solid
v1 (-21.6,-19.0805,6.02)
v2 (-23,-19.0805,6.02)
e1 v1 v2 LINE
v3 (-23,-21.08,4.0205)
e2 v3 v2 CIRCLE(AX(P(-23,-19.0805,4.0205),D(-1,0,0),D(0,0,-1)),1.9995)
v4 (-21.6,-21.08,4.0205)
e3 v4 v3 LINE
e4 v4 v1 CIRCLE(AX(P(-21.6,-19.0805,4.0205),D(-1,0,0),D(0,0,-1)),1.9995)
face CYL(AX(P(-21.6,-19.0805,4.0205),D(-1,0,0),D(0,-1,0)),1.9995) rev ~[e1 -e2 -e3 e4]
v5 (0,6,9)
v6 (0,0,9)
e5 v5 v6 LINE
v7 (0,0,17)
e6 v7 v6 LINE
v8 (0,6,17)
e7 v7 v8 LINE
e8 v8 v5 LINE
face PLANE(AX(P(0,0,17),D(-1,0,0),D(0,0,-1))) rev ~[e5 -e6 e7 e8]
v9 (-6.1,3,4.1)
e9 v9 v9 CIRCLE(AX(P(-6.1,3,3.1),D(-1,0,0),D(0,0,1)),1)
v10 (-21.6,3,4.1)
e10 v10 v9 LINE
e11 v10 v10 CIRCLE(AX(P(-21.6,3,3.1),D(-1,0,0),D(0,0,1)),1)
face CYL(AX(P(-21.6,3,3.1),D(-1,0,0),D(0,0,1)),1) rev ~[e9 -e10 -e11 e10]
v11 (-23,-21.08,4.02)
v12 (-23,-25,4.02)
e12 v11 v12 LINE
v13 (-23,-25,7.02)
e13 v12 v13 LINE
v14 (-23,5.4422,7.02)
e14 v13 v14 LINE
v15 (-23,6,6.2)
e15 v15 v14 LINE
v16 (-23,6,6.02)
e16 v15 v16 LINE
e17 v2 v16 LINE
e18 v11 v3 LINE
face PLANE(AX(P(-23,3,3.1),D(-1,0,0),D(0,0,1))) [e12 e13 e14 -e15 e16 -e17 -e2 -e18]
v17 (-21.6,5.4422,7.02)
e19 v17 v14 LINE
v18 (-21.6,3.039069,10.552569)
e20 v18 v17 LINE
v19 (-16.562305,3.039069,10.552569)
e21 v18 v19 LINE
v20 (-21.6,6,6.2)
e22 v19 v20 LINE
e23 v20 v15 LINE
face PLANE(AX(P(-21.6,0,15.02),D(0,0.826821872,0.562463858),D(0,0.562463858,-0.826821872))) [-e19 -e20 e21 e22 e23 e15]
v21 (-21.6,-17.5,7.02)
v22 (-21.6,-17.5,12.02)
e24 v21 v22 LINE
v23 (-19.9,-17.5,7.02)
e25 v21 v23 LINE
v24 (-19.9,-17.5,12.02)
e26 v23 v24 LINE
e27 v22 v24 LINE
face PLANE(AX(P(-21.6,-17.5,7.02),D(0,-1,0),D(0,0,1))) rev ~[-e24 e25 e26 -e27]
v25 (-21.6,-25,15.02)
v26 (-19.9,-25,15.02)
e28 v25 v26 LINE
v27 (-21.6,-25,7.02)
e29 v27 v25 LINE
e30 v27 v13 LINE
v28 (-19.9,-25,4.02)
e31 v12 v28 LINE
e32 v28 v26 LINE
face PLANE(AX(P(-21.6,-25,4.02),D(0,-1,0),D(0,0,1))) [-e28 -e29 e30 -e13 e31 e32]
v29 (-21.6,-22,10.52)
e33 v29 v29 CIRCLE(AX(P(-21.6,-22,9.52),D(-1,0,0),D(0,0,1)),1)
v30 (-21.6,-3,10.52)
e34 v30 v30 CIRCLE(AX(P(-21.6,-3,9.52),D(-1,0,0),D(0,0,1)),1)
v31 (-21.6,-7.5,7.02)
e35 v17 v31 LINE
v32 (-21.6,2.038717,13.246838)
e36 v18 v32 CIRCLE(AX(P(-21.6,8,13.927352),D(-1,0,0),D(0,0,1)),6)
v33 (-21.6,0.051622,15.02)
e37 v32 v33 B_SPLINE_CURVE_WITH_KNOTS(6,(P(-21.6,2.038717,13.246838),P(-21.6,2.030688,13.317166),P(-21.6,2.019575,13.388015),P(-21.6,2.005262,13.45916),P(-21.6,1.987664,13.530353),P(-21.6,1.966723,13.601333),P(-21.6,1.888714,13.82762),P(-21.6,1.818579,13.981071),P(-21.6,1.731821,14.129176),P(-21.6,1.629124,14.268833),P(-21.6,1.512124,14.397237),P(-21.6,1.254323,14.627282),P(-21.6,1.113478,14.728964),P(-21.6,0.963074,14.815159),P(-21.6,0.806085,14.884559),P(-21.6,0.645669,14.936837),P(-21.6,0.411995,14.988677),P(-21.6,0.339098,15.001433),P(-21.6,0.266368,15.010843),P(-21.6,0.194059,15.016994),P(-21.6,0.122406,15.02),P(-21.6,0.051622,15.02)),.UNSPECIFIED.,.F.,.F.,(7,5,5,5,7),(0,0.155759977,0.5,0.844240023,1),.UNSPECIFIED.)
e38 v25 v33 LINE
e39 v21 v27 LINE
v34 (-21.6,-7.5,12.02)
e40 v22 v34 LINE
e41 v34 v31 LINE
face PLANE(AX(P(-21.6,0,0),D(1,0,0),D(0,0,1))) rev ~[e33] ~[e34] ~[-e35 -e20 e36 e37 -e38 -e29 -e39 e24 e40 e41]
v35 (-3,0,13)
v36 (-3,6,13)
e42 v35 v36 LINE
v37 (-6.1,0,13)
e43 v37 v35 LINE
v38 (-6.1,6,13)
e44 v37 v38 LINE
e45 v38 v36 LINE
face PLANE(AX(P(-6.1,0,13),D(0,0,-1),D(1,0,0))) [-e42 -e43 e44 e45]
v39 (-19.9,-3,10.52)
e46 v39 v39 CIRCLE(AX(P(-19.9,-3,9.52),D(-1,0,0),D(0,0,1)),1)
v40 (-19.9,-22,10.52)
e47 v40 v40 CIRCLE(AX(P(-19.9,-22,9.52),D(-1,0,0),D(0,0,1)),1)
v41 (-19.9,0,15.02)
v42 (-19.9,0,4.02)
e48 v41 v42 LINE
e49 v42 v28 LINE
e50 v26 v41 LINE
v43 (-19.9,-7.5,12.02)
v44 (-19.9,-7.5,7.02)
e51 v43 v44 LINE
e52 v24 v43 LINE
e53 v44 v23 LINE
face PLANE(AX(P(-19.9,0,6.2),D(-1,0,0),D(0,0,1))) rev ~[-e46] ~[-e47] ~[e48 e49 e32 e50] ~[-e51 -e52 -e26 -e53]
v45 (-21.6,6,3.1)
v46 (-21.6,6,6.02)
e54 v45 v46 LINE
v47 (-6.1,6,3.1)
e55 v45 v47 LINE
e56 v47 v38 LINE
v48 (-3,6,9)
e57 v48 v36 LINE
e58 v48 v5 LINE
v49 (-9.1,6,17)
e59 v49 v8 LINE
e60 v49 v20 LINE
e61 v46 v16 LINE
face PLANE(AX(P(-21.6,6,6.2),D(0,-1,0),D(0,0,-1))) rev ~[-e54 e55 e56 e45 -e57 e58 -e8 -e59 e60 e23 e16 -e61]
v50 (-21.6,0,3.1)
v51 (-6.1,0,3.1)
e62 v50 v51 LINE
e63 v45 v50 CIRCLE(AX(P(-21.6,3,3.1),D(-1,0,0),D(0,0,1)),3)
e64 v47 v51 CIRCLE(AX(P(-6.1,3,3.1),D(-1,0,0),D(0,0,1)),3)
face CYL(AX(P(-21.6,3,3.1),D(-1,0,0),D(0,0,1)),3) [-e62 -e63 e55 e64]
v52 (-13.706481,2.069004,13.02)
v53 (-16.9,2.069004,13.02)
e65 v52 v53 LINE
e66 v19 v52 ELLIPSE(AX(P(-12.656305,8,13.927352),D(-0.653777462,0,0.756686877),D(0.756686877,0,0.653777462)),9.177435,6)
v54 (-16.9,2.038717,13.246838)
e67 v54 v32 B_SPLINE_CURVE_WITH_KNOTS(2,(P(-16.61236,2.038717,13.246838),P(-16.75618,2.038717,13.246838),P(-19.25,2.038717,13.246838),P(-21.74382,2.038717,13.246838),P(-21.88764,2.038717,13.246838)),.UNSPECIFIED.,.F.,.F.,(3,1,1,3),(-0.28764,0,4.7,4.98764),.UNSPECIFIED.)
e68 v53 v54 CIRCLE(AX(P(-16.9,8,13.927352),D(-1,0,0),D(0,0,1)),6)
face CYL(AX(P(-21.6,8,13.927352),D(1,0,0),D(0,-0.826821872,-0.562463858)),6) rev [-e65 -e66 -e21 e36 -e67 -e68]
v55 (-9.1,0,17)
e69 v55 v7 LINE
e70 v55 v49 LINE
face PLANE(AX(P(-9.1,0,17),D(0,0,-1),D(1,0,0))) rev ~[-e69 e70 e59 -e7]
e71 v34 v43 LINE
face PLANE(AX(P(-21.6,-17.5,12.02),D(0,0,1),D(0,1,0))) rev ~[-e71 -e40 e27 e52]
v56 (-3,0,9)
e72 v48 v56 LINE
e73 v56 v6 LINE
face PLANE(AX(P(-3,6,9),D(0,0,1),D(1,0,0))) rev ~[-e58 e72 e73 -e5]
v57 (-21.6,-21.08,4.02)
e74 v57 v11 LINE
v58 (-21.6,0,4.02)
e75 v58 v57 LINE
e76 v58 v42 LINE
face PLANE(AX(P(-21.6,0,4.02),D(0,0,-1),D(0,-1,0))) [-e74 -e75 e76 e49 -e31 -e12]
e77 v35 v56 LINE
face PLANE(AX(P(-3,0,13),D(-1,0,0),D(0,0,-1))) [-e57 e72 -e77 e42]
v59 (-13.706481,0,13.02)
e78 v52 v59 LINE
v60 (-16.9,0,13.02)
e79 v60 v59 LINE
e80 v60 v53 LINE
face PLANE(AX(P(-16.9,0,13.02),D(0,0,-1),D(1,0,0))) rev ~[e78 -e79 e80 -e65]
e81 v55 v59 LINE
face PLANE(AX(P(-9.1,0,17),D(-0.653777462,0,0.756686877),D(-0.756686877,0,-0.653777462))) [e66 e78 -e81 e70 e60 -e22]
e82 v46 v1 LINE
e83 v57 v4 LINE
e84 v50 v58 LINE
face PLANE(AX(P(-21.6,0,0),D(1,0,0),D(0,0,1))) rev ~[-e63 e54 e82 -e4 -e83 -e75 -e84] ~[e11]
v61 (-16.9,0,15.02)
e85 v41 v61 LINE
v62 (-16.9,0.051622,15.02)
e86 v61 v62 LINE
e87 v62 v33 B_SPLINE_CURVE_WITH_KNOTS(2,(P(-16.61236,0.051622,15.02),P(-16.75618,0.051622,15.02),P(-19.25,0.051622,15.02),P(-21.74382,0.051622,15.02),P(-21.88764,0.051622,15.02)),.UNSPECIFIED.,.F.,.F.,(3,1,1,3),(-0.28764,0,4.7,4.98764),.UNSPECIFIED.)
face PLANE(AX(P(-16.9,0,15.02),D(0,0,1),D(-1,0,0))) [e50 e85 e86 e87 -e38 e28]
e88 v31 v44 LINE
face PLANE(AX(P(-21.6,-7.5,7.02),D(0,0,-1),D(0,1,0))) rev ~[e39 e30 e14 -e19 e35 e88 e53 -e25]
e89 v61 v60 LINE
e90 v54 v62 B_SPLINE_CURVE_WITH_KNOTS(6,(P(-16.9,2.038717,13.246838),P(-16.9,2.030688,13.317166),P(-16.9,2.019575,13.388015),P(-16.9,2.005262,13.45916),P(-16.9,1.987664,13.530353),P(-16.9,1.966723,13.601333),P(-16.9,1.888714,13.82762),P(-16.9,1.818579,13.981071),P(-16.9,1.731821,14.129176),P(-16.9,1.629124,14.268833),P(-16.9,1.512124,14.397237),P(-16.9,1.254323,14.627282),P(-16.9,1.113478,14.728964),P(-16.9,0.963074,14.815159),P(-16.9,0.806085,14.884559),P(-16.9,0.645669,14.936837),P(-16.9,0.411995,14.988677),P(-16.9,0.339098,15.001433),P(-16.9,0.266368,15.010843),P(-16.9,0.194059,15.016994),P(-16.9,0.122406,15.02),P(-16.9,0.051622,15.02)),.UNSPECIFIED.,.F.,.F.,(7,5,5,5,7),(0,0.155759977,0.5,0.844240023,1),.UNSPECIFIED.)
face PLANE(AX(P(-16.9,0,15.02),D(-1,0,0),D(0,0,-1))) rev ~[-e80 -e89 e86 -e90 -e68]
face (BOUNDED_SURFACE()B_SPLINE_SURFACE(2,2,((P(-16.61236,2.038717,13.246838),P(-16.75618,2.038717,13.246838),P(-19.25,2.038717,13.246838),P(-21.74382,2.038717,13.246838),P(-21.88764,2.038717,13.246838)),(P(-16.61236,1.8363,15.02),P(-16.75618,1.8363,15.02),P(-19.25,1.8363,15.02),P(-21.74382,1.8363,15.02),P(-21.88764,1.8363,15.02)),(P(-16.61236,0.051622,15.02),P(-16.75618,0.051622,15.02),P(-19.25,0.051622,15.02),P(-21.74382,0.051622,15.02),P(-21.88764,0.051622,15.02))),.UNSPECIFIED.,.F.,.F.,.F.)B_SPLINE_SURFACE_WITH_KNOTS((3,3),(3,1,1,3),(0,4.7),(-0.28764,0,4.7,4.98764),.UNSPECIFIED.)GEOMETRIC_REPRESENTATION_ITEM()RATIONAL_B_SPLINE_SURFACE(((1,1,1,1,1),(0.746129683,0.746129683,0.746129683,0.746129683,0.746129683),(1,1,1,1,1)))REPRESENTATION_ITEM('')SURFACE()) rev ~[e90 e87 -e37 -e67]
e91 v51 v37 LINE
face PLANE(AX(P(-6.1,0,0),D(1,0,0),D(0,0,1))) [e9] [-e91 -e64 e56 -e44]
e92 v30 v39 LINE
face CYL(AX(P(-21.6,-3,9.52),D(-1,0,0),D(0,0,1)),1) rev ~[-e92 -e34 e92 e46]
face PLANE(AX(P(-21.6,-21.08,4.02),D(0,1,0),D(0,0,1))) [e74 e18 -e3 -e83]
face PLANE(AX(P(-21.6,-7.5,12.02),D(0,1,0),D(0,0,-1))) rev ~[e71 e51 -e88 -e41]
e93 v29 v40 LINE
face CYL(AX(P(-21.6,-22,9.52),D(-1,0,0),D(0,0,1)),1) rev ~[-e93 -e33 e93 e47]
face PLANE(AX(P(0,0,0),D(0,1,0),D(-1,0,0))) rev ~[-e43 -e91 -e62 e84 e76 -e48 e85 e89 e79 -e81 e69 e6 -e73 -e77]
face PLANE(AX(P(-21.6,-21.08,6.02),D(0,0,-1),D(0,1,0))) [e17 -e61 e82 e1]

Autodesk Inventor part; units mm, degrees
ref_plane "YZ Plane" through (0, 0, 0) normal (1, 0, 0) x (0, 1, 0)
ref_plane "XZ Plane" through (0, 0, 0) normal (0, 1, 0) x (-1, 0, 0)
ref_plane "XY Plane" through (0, 0, 0) normal (0, 0, 1) x (1, 0, 0)
sketch "Sketch1" plane through (0, 0, 0) normal (0, 1, 0) x (-1, 0, 0)
  line L0 (0, 0) -> (21.6, 0)
  line L1 (21.6, 0) -> (21.6, 17)
  line L2 (21.6, 17) -> (0, 17)
  line L3 (0, 17) -> (0, 0)
  line L4 (6.1, 13) -> (3, 13)
  line L5 (3, 13) -> (3, 0)
  line L6 (3, 0) -> (6.1, 0)
  line L7 (6.1, 0) -> (6.1, 13)
  line L8 (21.6, 17) -> (9.1, 17)
  line L9 (9.1, 17) -> (9.1, 0)
  line L10 (9.1, 0) -> (21.6, 0)
  line L11 (21.6, 0) -> (21.6, 17)
  line L12 (9.1, 17) -> (21.6, 6.2)
  point P0 (21.6, 6.2)
  point P1 (9.1, 17)
  dimension "d1" = 17
  dimension "d2" = 3.1
  dimension "d3" = 3
  dimension "d4" = 3
  dimension "d5" = 6.2
  dimension "d17" = 13
  dimension "d18" = 12.5
extrude "Extrusion1" add sketch "Sketch1" along normal blind 6 contours L3 L2 L9 L0 L7 L4 L5 | L12 L1 L0 L9
sketch "Sketch2" plane through (-21.6, 0, 0) normal (-1, 0, 0) x (0, 0, 1)
  circle A0 centre (3.1, 3) radius 3
  line L0 (0, 0) -> (13, 0) projected
  line L1 (0, 0) -> (0, 6) projected
  line L2 (17, 6) -> (0, 6) projected
  line L3 (0, 0) -> (6.2302, 0)
  line L4 (6.2302, 0) -> (6.2302, 6)
  line L5 (6.2302, 6) -> (0, 6)
  line L6 (0, 6) -> (0, 0)
  circle A1 centre (3.1, 3) radius 1
  point P0 (3.1, 6)
  point P1 (3.1, 0)
  dimension "d8" = 3.1
  dimension "d9" = 2
extrude "Extrusion2" cut sketch "Sketch2" against normal up to surface (18.6 mm away) contours A0 L0 L1 L2 | A1
sketch "Sketch3" plane through (0, 6, 0) normal (0, 1, 0) x (1, 0, 0)
  line L0 (-3, 0) -> (-3, -13) projected
  line L1 (0, 0) -> (-3, 0) projected
  line L2 (-3, -9) -> (0, -9)
  line L3 (0, -9) -> (0, 0)
  line L4 (0, 0) -> (-3, 0)
  line L5 (-3, 0) -> (-3, -9)
  line L6 (-3, -13) -> (-6.1, -13) projected
  line L7 (-9.1, -17) -> (0, -17) projected
  dimension "d13" = 8
extrude "Extrusion3" cut sketch "Sketch3" against normal blind 10
sketch "Sketch4" plane through (-21.6, 0, 6.2) normal (-1, 0, 0) x (0, 0, 1)
  line L0 (-2.18, -25) -> (8.82, -25)
  line L1 (8.82, -25) -> (8.82, 0)
  line L2 (8.82, 0) -> (-2.18, 0)
  line L3 (-2.18, 0) -> (-2.18, -25)
  circle A0 centre (-3.1, 3) radius 1 projected
  line L4 (0, 0) -> (10.8, 0) projected
  line L5 (0, 0) -> (0, 6) projected
  line L6 (8.82, 0) -> (0, 6)
  circle A1 centre (3.32, -22) radius 1
  circle A2 centre (3.32, -3) radius 1
  line L7 (0.82, -17.5) -> (5.82, -17.5)
  line L8 (5.82, -17.5) -> (5.82, -7.5)
  line L9 (5.82, -7.5) -> (0.82, -7.5)
  line L10 (0.82, -7.5) -> (0.82, -17.5)
  point P0 (-6.2, 0)
  dimension "d19" = 0.92
  dimension "d20" = 0
  dimension "d21" = 25
  dimension "d22" = 11
  dimension "d23" = 5.5
  dimension "d24" = 5.5
  dimension "d25" = 5
  dimension "d26" = 10
  dimension "d27" = 7.5
  dimension "d28" = 3
  dimension "d29" = 2
  dimension "d30" = 2
  dimension "d51" = 19
  dimension "d52" = 3
extrude "Extrusion4" add sketch "Sketch4" against normal blind 1.7 contours L3 L2 L1 L0 | L2 L5 L6
sketch "Sketch6" plane through (0, 0, 0) normal (0, -1, 0) x (1, 0, 0)
  line L0 (-19.9, 15.02) -> (-19.9, 4.02) projected
  line L1 (-19.9, 4.02) -> (-7.9, 4.02)
  line L2 (-7.9, 4.02) -> (-7.9, 15.02)
  line L3 (-7.9, 15.02) -> (-19.9, 15.02)
  line L4 (-19.9, 15.02) -> (-19.9, 4.02)
  line L5 (-12.9, 4.02) -> (-10.3572, 4.02)
  line L6 (-10.3572, 4.02) -> (-10.3572, 15.02)
  line L7 (-10.3572, 15.02) -> (-12.9, 15.02)
  line L8 (-12.9, 15.02) -> (-12.9, 4.02)
  line L9 (-12.9, 15.02) -> (-16.9, 15.02)
  line L10 (-16.9, 15.02) -> (-16.9, 13.02)
  line L11 (-16.9, 13.02) -> (-12.9, 13.02)
  line L12 (-12.9, 13.02) -> (-12.9, 15.02)
  line L13 (-21.6, 15.02) -> (-21.6, 6.2) projected
  line L14 (-19.9, 4.02) -> (-21.6, 4.02)
  line L15 (-21.6, 4.02) -> (-21.6, 15.02)
  line L16 (-21.6, 15.02) -> (-19.9, 15.02)
  line L17 (-19.9, 15.02) -> (-19.9, 4.02)
  point P0 (0, 0)
  dimension "d33" = 12
  dimension "d34" = 7
  dimension "d35" = 4
  dimension "d36" = 2
extrude "Extrusion5" add sketch "Sketch6" against normal blind 2 contours L3 L10 L11 L8 L1 L0 | L0 L14 L15 L13 L16
sketch "Sketch7" plane through (-21.6, 3, 3.1) normal (-1, 0, 0) x (0, 0, 1)
  line L0 (8.98, -1) -> (3.1, 3) projected
  line L1 (8.98, -1) -> (3.1, -1)
  line L2 (3.1, -1) -> (3.1, 3)
  line L3 (3.1, 3) -> (8.98, 3)
  line L4 (8.98, 3) -> (8.98, -1)
  line L5 (0, 3) -> (3.1, 3) projected
  line L6 (3.1, 3) -> (8.98, -1)
  point P0 (-3.1, -3)
extrude "Extrusion6" add sketch "Sketch7" against normal blind 9 contours L1 L2 L0
sketch "Sketch8" plane through (-21.6, 3, 3.1) normal (-1, 0, 0) x (0, 0, 1)
  line L0 (-9.7709, -24.08) -> (2.92, -24.08)
  line L1 (2.92, -24.08) -> (2.92, 6.3077)
  line L2 (2.92, 6.3077) -> (-9.7709, 6.3077)
  line L3 (-9.7709, 6.3077) -> (-9.7709, -24.08)
  line L4 (11.92, -28) -> (11.92, -1) projected
  line L5 (0.92, -28) -> (11.92, -28) projected
  line L6 (0.92, -3) -> (0.92, -28) projected
  line L7 (3.1, 3) -> (8.98, -1) projected
  line L8 (0.92, -28) -> (3.92, -28)
  line L9 (3.92, -28) -> (3.92, 2.4422)
  line L10 (3.92, 2.4422) -> (0.92, 2.4422)
  line L11 (0.92, 2.4422) -> (0.92, -28)
  line L12 (3.92, -20.5) -> (3.92, -10.5) projected
  line L13 (2.92, 2.4422) -> (2.92, 3)
  line L14 (3.1, 3) -> (13.9, 3) projected
  line L15 (2.92, 2.4422) -> (3.92, 2.4422)
  line L16 (3.92, 2.4422) -> (3.92, 3)
  line L17 (3.92, 3) -> (2.92, 3)
  line L18 (2.92, 3) -> (2.92, 2.4422)
  line L19 (3.92, 2.4422) -> (3.1, 3)
  point P0 (-3.1, -3)
  point P1 (0.92, -24.08)
  point P2 (3.92, -28)
  point P3 (2.92, 3)
  dimension "d41" = 9
  dimension "d42" = 3.92
  dimension "d43" = 10.691
  dimension "d44" = 0
  dimension "d45" = 0
extrude "Extrusion7" add sketch "Sketch8" along normal blind 1.4 contours L0 L1 L10 L9 L5 L6 | L1 L17 L7 L10
fillet "Fillet1" radius 2 1 edges at (-22.3, -21.08, 6.02)
fillet "Fillet2" radius 6 1 edges at (-18.1972, 2, 12.08)
fillet "Fillet3" radius 2 1 edges at (-19.25, 2, 15.02)
equation "\"d23\" = 0.5 * d22"
equation "\"d24\" = 0.5 * d22"
equation "\"d27\" = -0.5 * d26 + 0.5 * d21"
equation "\"d28\" = -0.5 * d25 + 0.5 * d22"
equation "\"d52\" = -0.5 * d51 + 0.5 * d21"
properties part number "Pi3B_spacer_R_switch2"
